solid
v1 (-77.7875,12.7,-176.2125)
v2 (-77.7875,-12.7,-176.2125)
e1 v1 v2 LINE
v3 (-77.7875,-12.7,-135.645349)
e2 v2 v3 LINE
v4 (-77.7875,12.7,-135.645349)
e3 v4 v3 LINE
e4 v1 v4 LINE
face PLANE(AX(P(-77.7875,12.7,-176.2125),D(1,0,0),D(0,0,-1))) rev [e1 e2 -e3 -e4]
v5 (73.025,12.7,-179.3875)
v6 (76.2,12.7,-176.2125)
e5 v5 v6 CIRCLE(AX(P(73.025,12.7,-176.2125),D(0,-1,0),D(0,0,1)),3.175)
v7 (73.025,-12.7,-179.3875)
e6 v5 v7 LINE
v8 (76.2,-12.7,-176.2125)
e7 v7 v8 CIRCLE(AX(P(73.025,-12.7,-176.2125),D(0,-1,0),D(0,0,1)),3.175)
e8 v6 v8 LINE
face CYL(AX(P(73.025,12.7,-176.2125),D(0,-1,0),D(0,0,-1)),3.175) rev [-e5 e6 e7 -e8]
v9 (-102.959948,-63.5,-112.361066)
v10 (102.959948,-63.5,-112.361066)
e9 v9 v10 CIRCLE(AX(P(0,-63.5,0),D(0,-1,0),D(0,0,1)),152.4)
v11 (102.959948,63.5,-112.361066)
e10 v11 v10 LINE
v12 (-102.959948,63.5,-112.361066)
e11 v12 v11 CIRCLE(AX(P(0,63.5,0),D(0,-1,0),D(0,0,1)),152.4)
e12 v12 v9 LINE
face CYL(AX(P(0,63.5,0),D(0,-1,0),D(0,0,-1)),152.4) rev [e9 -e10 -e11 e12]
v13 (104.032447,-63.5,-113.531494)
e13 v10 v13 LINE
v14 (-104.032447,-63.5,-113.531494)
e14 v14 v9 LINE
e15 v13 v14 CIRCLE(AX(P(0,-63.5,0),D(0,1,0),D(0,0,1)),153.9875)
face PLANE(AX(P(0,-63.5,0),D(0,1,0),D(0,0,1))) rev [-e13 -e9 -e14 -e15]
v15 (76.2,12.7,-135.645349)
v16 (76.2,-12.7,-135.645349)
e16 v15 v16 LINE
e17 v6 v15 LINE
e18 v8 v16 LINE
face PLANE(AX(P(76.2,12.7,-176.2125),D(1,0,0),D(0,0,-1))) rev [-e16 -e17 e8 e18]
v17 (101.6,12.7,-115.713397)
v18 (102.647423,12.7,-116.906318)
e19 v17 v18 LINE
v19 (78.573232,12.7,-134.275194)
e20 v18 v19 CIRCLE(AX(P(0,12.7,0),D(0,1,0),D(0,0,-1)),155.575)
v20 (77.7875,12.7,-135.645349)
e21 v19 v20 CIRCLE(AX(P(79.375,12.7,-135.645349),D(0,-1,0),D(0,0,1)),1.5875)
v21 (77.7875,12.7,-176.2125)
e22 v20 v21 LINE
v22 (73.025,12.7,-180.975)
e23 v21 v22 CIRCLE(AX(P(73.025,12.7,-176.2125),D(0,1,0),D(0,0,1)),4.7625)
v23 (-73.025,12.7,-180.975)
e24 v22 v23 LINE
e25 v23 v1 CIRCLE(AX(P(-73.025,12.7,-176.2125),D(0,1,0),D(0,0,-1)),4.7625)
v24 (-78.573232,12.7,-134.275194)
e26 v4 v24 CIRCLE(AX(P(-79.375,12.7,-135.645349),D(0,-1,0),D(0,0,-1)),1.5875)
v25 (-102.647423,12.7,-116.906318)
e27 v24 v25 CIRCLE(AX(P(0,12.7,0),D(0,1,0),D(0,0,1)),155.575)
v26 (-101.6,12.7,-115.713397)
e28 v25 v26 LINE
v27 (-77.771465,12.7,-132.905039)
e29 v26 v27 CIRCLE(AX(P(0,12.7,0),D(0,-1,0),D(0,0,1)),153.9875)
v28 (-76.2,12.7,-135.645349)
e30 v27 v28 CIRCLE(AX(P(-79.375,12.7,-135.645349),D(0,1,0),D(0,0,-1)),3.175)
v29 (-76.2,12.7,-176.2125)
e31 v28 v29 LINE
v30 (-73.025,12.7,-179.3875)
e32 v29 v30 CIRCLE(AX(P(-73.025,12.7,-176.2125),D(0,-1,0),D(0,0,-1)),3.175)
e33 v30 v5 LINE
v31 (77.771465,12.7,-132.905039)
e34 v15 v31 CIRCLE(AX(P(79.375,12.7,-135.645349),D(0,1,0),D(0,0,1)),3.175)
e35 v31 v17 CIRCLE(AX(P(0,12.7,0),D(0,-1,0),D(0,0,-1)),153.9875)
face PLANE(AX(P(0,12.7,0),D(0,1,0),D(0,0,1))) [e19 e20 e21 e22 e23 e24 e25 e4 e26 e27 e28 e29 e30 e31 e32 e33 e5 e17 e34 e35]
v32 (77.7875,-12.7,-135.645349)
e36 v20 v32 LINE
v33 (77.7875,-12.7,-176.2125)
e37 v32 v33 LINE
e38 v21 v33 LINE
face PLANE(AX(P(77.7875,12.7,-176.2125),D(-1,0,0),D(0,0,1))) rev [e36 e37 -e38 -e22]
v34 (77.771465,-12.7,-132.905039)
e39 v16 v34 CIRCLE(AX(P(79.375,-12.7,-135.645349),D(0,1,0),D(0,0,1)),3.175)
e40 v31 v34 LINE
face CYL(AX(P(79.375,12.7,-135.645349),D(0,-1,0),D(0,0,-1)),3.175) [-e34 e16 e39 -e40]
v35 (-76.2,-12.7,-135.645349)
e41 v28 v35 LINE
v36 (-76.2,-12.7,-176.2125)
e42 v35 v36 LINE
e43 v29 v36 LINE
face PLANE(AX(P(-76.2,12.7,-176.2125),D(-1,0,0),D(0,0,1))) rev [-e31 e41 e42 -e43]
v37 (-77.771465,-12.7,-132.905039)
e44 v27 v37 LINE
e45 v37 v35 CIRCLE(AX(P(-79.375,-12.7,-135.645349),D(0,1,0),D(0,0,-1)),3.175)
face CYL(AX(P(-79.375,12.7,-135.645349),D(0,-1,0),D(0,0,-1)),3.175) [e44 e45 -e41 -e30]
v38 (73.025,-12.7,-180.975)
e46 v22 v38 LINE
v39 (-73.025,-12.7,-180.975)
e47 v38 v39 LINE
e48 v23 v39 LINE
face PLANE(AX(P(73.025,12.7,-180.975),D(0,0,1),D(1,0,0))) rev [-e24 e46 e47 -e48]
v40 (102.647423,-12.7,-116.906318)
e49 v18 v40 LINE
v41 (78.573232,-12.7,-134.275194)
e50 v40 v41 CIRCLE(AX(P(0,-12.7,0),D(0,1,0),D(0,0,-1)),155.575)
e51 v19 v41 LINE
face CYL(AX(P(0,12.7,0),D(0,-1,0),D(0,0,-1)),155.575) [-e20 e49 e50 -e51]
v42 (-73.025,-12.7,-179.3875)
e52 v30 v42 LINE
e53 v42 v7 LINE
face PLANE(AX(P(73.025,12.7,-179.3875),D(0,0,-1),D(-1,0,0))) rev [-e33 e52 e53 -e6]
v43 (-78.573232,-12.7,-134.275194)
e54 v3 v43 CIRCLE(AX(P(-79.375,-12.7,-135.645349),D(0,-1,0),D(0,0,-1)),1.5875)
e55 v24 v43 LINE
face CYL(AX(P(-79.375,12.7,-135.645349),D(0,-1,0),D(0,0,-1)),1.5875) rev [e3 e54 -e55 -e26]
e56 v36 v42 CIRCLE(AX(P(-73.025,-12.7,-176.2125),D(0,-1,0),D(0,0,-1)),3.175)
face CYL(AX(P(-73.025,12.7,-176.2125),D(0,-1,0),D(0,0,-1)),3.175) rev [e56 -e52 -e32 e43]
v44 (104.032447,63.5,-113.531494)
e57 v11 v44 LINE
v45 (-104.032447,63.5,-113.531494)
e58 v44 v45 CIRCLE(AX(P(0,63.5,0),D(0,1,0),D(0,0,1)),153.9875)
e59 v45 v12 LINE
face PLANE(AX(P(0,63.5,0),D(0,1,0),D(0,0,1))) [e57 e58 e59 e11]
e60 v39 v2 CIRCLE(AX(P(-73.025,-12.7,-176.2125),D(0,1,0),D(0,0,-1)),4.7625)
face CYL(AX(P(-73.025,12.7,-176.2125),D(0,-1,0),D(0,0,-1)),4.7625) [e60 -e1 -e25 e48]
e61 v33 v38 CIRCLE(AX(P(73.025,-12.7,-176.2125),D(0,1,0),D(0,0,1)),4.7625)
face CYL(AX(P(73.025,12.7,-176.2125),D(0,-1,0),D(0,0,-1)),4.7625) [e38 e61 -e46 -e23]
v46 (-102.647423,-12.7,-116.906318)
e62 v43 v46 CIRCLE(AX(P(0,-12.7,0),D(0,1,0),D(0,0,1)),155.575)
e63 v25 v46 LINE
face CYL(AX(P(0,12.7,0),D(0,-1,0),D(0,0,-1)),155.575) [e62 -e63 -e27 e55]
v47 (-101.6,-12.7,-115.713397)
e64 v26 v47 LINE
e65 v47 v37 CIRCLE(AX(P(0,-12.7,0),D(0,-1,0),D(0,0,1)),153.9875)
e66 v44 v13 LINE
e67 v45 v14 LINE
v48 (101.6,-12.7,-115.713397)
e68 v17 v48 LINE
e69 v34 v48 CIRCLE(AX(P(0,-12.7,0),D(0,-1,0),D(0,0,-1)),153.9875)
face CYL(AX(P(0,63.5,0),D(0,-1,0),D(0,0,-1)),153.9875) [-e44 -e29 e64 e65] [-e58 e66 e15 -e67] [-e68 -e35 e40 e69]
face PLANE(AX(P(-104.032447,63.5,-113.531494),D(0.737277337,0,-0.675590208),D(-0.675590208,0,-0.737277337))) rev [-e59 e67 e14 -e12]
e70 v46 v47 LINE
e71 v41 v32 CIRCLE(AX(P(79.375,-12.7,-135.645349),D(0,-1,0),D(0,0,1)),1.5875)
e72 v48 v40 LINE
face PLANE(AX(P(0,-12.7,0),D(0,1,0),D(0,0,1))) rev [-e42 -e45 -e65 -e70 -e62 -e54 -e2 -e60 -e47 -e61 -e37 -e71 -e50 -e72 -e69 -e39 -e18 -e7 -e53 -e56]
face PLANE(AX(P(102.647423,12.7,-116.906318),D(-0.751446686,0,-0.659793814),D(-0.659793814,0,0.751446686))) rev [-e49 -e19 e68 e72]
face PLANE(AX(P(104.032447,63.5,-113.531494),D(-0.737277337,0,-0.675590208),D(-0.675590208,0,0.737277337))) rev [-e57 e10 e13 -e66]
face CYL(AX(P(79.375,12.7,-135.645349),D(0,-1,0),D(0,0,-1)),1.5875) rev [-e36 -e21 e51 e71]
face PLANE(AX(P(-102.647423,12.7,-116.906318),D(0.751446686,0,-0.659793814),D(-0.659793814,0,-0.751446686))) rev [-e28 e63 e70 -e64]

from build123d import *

# Parameters (mm, degrees)
BOSS_EXTRUDE1_DEPTH = 63.5
BOSS_EXTRUDE2_DEPTH = 12.7


with BuildPart() as part:
    # Sketch1 → Boss-Extrude1 (new body, symmetric)
    with BuildSketch(Plane(origin=(0, 0, 0), x_dir=(1, 0, 0), z_dir=(0, 1, 0))):
        with BuildLine():
            Line((104.032447095, 113.531493902), (102.959947641, 112.36106613))
            ThreePointArc((102.959947641, 112.36106613), (0, 152.4), (-102.959947641, 112.36106613))
            Line((-102.959947641, 112.36106613), (-104.032447095, 113.531493902))
            ThreePointArc((-104.032447095, 113.531493902), (0, 153.9875), (104.032447095, 113.531493902))
        make_face()
    extrude(amount=BOSS_EXTRUDE1_DEPTH, both=True)

    # Sketch2 → Boss-Extrude2 (add, symmetric)
    with BuildSketch(Plane(origin=(0, 0, 0), x_dir=(1, 0, 0), z_dir=(0, 1, 0))):
        with BuildLine():
            Line((73.025, 179.3875), (-73.025, 179.3875))
            ThreePointArc((-73.025, 179.3875), (-75.27006403, 178.45756403), (-76.2, 176.2125))
            Line((-76.2, 176.2125), (-76.2, 135.64534928))
            ThreePointArc((-76.2, 135.64534928), (-76.620744225, 134.065887306), (-77.771464646, 132.905039193))
            ThreePointArc((-77.771464646, 132.905039193), (-90.09671873, 124.878867028), (-101.6, 115.713396615))
            Line((-101.6, 115.713396615), (-102.64742268, 116.90631823))
            ThreePointArc((-102.64742268, 116.90631823), (-91.025550882, 126.166278029), (-78.573232323, 134.275194237))
            ThreePointArc((-78.573232323, 134.275194237), (-77.997872113, 134.855618293), (-77.7875, 135.64534928))
            Line((-77.7875, 135.64534928), (-77.7875, 176.2125))
            ThreePointArc((-77.7875, 176.2125), (-76.392596045, 179.580096045), (-73.025, 180.975))
            Line((-73.025, 180.975), (73.025, 180.975))
            ThreePointArc((73.025, 180.975), (76.392596045, 179.580096045), (77.7875, 176.2125))
            Line((77.7875, 176.2125), (77.7875, 135.64534928))
            ThreePointArc((77.7875, 135.64534928), (77.997872113, 134.855618293), (78.573232323, 134.275194237))
            ThreePointArc((78.573232323, 134.275194237), (91.025550882, 126.166278029), (102.64742268, 116.90631823))
            Line((102.64742268, 116.90631823), (101.6, 115.713396615))
            ThreePointArc((101.6, 115.713396615), (90.09671873, 124.878867028), (77.771464646, 132.905039193))
            ThreePointArc((77.771464646, 132.905039193), (76.620744225, 134.065887306), (76.2, 135.64534928))
            Line((76.2, 135.64534928), (76.2, 176.2125))
            ThreePointArc((76.2, 176.2125), (75.27006403, 178.45756403), (73.025, 179.3875))
        make_face()
    extrude(amount=BOSS_EXTRUDE2_DEPTH, both=True)


solid = part.part
